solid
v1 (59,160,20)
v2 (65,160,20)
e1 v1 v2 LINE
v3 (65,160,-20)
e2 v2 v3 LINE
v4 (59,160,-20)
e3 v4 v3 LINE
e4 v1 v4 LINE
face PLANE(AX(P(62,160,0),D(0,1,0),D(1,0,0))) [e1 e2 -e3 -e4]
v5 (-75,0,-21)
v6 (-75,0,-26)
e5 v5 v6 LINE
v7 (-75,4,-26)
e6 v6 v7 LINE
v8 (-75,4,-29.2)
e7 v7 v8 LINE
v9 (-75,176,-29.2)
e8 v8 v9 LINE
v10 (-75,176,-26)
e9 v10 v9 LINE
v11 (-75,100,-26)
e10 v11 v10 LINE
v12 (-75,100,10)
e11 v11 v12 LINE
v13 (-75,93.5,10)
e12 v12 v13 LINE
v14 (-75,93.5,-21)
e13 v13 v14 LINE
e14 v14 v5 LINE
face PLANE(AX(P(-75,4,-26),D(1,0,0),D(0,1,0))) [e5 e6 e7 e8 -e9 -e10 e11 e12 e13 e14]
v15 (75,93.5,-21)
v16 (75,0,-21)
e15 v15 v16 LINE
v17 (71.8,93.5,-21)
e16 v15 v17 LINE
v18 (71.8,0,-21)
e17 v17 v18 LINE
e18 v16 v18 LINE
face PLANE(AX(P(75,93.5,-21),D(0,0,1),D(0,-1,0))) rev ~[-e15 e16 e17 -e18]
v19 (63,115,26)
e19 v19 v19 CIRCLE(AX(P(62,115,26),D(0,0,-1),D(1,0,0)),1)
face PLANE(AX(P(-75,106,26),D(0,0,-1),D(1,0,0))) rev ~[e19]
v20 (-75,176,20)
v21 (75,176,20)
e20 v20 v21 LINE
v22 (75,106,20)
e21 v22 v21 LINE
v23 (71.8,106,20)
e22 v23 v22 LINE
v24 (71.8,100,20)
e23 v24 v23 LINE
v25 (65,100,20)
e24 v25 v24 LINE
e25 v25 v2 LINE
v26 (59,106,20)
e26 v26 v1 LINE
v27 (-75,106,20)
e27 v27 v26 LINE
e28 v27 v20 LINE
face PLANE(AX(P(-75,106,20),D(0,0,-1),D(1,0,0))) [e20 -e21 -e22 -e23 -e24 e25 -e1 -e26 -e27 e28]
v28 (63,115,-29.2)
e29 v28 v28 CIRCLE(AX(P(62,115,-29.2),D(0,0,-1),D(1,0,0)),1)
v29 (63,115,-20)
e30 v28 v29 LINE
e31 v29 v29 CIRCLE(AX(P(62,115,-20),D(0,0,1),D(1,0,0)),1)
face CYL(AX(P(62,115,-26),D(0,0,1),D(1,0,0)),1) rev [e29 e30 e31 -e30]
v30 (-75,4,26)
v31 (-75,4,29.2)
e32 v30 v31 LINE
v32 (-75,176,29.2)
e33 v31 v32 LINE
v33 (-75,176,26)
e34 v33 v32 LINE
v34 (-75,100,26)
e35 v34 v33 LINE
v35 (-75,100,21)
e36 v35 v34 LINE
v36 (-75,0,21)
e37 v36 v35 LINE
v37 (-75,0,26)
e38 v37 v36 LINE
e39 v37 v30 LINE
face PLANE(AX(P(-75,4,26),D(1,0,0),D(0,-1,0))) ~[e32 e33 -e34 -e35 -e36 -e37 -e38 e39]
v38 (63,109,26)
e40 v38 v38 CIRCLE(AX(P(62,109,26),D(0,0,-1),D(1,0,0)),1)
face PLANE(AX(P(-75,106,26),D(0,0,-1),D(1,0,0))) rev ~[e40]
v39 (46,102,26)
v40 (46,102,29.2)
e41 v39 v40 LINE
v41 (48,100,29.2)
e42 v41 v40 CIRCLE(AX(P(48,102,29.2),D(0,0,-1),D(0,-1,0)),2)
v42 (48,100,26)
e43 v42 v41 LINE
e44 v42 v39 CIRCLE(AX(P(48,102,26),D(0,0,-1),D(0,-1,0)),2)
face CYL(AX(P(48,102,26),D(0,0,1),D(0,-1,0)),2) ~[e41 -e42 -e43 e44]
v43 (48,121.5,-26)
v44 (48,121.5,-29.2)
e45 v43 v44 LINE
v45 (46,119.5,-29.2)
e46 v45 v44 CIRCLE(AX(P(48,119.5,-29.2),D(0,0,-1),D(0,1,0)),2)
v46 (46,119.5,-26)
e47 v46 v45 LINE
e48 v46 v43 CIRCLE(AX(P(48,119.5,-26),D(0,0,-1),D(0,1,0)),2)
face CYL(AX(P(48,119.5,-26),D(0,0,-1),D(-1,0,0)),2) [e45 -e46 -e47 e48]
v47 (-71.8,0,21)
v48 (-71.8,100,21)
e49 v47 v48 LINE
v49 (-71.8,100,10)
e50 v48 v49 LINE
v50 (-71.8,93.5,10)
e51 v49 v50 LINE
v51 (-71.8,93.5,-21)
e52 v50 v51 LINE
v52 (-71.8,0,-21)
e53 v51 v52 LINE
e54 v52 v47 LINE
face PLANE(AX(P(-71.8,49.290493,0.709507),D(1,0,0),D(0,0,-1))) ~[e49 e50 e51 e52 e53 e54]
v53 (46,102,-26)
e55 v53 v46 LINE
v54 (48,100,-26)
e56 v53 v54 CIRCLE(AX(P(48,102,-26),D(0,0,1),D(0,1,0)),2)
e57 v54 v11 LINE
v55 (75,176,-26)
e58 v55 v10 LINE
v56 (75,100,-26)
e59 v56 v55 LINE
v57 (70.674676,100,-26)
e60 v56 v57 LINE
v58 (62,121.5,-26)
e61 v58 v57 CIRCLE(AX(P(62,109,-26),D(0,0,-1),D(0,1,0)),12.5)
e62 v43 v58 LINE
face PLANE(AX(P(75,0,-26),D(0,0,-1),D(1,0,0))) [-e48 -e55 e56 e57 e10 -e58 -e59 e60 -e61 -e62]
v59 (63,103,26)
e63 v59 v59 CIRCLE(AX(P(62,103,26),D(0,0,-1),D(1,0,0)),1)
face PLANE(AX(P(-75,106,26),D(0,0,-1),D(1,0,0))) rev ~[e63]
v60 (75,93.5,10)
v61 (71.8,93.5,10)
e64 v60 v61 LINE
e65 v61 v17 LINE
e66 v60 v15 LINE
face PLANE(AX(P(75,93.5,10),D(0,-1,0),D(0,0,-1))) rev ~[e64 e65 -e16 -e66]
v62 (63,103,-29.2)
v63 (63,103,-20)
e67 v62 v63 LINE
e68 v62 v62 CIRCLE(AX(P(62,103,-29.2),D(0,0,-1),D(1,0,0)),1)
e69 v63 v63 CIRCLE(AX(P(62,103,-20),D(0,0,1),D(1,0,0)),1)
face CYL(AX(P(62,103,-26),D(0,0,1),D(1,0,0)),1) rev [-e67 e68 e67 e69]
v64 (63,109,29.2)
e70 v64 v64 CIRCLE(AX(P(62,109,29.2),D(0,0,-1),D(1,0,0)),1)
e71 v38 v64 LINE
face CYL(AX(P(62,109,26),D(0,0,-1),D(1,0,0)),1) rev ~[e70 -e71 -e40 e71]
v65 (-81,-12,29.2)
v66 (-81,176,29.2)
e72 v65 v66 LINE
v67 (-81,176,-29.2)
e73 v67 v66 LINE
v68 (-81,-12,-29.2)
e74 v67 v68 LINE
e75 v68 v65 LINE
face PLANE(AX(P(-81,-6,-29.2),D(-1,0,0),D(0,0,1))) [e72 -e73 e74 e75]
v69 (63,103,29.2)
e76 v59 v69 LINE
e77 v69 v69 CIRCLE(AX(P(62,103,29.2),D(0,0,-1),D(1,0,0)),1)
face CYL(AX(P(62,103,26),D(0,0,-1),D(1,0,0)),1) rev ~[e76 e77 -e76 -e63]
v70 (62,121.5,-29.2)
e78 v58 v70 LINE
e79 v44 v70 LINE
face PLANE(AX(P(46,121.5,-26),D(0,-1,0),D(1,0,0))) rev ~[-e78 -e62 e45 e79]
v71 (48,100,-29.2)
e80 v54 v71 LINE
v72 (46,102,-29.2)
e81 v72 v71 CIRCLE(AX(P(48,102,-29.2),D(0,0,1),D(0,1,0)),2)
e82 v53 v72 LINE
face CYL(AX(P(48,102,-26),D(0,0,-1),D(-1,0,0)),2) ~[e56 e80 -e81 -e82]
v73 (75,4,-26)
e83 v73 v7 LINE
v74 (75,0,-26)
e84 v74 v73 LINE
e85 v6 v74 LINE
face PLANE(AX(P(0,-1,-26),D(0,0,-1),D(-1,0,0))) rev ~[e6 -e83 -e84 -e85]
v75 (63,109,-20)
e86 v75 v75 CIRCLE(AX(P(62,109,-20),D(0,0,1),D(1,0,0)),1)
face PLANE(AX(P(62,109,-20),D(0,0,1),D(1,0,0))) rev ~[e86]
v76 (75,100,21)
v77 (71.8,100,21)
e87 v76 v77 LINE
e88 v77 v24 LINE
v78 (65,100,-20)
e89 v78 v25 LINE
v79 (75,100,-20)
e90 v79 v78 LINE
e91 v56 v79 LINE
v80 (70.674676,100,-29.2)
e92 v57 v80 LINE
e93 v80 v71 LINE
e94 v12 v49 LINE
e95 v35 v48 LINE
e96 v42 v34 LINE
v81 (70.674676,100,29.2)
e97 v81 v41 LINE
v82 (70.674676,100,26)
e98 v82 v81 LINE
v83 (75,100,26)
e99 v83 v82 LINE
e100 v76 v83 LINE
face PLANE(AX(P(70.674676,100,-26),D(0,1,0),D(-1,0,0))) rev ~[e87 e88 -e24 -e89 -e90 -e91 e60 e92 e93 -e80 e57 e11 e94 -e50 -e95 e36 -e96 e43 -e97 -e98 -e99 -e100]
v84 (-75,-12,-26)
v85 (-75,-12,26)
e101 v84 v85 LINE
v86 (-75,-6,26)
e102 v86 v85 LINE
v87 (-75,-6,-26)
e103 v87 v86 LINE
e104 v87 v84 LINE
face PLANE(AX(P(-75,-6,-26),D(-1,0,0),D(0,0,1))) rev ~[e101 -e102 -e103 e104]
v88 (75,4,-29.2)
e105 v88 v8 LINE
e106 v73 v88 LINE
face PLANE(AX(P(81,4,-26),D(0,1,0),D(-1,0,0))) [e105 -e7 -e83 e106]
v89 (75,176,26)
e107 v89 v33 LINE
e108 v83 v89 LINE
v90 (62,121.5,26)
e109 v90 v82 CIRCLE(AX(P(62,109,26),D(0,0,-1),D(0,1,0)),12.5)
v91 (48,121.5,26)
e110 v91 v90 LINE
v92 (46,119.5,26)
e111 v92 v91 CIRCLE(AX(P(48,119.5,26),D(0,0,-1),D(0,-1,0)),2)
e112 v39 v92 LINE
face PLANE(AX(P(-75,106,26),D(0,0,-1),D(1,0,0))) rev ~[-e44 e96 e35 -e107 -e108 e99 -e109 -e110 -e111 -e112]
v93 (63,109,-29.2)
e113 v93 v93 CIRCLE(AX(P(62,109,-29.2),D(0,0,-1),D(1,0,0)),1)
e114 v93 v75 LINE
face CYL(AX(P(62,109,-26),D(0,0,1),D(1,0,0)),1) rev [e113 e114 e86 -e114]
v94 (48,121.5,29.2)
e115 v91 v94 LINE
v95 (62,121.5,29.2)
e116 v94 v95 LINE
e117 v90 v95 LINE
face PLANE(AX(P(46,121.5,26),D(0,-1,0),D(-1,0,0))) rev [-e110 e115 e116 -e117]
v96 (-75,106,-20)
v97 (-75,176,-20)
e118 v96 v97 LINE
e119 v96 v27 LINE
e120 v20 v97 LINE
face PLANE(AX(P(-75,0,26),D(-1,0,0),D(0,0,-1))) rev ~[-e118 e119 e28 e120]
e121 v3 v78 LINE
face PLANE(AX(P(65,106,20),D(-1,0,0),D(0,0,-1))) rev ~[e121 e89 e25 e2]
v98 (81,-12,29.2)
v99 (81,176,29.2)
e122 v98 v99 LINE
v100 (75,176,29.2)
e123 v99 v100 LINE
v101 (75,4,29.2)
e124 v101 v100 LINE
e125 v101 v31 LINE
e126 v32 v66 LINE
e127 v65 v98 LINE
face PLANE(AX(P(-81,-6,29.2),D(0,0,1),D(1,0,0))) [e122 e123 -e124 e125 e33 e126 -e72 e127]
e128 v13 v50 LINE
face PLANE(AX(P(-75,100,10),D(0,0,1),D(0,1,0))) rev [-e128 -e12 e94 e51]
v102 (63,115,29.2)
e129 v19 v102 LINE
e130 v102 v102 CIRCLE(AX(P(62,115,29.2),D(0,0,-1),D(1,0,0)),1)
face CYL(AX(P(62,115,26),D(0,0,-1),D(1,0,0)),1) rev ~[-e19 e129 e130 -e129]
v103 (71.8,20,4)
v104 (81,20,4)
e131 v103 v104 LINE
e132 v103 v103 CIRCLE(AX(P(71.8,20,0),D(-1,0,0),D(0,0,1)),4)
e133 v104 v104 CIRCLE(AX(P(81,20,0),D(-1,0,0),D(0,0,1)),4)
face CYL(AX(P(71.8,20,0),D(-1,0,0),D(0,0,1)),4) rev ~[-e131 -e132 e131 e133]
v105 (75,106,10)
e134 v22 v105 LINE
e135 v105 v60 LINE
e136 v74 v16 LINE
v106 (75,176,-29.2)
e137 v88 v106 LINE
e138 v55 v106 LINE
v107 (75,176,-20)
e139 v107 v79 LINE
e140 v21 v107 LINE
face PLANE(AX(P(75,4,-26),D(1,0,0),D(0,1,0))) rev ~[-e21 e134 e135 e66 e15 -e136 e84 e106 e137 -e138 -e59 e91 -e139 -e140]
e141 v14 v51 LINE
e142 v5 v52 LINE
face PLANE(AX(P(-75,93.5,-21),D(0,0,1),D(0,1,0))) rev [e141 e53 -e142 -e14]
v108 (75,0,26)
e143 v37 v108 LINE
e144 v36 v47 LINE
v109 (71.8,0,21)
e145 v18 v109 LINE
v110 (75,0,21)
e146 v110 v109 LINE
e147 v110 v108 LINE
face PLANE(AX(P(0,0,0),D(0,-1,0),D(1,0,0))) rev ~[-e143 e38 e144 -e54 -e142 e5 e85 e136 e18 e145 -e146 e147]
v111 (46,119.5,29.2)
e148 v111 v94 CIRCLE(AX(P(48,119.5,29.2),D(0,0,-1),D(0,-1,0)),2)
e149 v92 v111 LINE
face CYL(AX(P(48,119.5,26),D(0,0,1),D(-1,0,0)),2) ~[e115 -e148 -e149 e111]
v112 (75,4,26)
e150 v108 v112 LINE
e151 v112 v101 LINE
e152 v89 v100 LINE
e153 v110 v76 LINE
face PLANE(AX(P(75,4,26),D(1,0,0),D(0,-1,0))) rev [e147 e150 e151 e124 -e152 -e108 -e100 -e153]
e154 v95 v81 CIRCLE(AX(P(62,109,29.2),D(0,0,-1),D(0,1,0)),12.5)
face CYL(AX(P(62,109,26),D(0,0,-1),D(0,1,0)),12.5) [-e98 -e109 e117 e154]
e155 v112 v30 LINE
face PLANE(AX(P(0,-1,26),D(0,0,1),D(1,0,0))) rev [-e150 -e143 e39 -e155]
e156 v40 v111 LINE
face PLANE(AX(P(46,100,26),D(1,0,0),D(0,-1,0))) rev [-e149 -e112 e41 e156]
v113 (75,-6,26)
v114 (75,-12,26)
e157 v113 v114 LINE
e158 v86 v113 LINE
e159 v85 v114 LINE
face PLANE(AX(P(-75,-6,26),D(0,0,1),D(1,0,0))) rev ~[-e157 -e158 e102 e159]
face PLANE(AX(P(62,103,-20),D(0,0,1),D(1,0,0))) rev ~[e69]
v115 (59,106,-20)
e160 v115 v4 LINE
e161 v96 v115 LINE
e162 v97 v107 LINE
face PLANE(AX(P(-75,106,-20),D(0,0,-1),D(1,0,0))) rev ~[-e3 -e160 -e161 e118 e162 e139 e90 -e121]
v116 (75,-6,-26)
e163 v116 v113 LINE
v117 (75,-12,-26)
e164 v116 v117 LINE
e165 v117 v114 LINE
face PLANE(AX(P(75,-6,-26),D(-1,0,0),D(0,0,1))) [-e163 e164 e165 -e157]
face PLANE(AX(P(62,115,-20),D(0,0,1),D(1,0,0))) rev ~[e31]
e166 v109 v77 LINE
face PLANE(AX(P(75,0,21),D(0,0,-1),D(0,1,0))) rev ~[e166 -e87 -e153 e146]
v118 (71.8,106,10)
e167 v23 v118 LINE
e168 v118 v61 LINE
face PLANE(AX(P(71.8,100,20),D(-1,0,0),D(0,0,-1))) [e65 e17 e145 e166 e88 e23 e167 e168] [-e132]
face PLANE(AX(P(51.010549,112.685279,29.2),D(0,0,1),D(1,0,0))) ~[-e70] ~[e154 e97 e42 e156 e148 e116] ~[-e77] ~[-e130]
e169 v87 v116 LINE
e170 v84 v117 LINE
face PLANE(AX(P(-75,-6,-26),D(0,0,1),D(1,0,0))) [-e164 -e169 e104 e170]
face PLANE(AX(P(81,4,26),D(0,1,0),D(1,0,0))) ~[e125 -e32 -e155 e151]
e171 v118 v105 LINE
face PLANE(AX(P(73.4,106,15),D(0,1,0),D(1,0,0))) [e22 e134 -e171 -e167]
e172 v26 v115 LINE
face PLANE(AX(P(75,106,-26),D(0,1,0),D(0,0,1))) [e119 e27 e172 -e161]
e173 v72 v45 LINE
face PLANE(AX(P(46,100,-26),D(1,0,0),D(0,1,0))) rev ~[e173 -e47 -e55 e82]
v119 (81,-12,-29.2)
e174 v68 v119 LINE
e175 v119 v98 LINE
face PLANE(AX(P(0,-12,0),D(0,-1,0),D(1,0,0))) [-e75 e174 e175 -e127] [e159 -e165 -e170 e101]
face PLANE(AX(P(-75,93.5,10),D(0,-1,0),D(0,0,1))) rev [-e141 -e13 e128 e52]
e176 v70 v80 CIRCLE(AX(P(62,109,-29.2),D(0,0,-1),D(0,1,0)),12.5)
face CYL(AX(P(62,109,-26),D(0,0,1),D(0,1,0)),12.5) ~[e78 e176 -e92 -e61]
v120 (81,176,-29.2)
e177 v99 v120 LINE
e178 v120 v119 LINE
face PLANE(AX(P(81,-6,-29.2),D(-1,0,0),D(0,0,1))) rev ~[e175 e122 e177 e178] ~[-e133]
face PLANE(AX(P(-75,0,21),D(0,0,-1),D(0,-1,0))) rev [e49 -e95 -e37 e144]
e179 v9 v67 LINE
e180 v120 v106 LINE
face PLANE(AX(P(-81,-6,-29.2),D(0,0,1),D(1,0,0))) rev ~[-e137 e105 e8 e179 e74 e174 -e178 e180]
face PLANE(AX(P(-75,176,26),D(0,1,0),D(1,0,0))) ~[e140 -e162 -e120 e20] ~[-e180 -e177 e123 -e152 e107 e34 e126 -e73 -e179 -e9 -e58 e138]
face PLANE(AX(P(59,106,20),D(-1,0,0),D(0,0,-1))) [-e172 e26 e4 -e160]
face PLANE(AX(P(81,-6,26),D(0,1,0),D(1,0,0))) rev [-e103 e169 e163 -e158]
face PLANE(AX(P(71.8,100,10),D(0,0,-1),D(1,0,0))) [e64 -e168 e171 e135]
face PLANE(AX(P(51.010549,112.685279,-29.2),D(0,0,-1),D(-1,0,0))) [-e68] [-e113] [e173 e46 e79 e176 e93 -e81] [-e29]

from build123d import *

# Parameters (mm, degrees)
SKETCH1_W            = 150
SKETCH1_H            = 42
BOSS_EXTRUDE1_DEPTH  = 3.2
SKETCH2_W            = 162
SKETCH2_H            = 52
BOSS_EXTRUDE2_DEPTH  = 6
SKETCH3_W            = 6
SKETCH3_H            = 52
BOSS_EXTRUDE3_DEPTH  = 176
BOSS_EXTRUDE4_REACH  = 238.618
SKETCH5_W            = 52
SKETCH5_H            = 6
BOSS_EXTRUDE5_START  = 100
SKETCH1_2_W          = 150
SKETCH1_2_H          = 42
BOSS_EXTRUDE5_DEPTH  = 3.2
SKETCH6_W            = 150
SKETCH6_H            = 6
BOSS_EXTRUDE6_DEPTH  = 70
CUT_EXTRUDE1_REACH   = 142.645
SKETCH7_W            = 10
SKETCH7_H            = 40
SKETCH7_R            = 3
SKETCH7_3_W          = 6
SKETCH7_3_H          = 40
BOSS_EXTRUDE7_DEPTH  = 54
SKETCH8_W            = 162
SKETCH8_H            = 10
BOSS_EXTRUDE8_DEPTH  = 3.2
SKETCH9_W            = 150
SKETCH9_H            = 42
CUT_EXTRUDE2_DEPTH   = 3.2
CUT_EXTRUDE3_DEPTH   = 3.2
BOSS_EXTRUDE9_DEPTH  = 3.2
SKETCH12_W           = 3.2
SKETCH12_H           = 10
BOSS_EXTRUDE10_DEPTH = 6
CUT_EXTRUDE4_REACH   = 236.897
SKETCH13_R           = 4
CUT_EXTRUDE5_REACH   = 201.894
SKETCH14_R           = 1
SKETCH16_W           = 6
SKETCH16_H           = 172
BOSS_EXTRUDE11_DEPTH = 3.2
SKETCH17_W           = 162
SKETCH17_H           = 58.4
SKETCH17_W_2         = 150
SKETCH17_H_2         = 52
BOSS_EXTRUDE12_DEPTH = 6
SKETCH15_R           = 1
BOSS_EXTRUDE14_DEPTH = 3.2
FILLET1_R            = 2
FILLET1_OF_MIRROR4_R = 2


with BuildPart() as part:
    # Sketch1 → Boss-Extrude1 (new body)
    with BuildSketch(Plane(origin=(0, 0, 0), x_dir=(1, 0, 0), z_dir=(0, 1, 0))):
        Rectangle(SKETCH1_W, SKETCH1_H)
    extrude(amount=BOSS_EXTRUDE1_DEPTH)

    # Sketch2 → Boss-Extrude2 (add)
    with BuildSketch(Plane.XZ):
        Rectangle(SKETCH2_W, SKETCH2_H)
    extrude(amount=BOSS_EXTRUDE2_DEPTH)

    # Sketch3 → Boss-Extrude3 (add)
    with BuildSketch(Plane(origin=(0, 0, 0), x_dir=(1, 0, 0), z_dir=(0, 1, 0))):
        with Locations((78, 0)):
            Rectangle(SKETCH3_W, SKETCH3_H)
        with Locations((-78, 0)):
            Rectangle(SKETCH3_W, SKETCH3_H)
    extrude(amount=BOSS_EXTRUDE3_DEPTH)

    # Sketch5 → Boss-Extrude4 (add, up to next)
    with BuildSketch(Plane.ZY.offset(-75), mode=Mode.PRIVATE) as boss_extrude4_sk1:
        with Locations((0, 103)):
            Rectangle(SKETCH5_W, SKETCH5_H)
    boss_extrude4_tool1 = extrude(boss_extrude4_sk1.sketch, amount=BOSS_EXTRUDE4_REACH, mode=Mode.PRIVATE) - part.part
    add(boss_extrude4_tool1.solids().sort_by_distance((75, 103, 0))[0])

    # Sketch1<2> → Boss-Extrude5 (add)
    with BuildSketch(Plane(origin=(0, 0, 0), x_dir=(1, 0, 0), z_dir=(0, 1, 0)).offset(BOSS_EXTRUDE5_START)):
        Rectangle(SKETCH1_2_W, SKETCH1_2_H)
    extrude(amount=-BOSS_EXTRUDE5_DEPTH)

    # Sketch6 → Boss-Extrude6 (add)
    with BuildSketch(Plane(origin=(0, 106, 0), x_dir=(1, 0, 0), z_dir=(0, 1, 0))):
        with Locations((0, -23)):
            Rectangle(SKETCH6_W, SKETCH6_H)
        with Locations((0, 23)):
            Rectangle(SKETCH6_W, SKETCH6_H)
    extrude(amount=BOSS_EXTRUDE6_DEPTH)

    # Sketch7 → Cut-Extrude1 (cut, up to next)
    with BuildSketch(Plane(origin=(0, 106, 0), x_dir=(1, 0, 0), z_dir=(0, 1, 0)), mode=Mode.PRIVATE) as cut_extrude1_sk1:
        with Locations((70, 0)):
            Rectangle(SKETCH7_W, SKETCH7_H)
        with Locations((70, -15)):
            Circle(SKETCH7_R, mode=Mode.SUBTRACT)
        with Locations((70, 15)):
            Circle(SKETCH7_R, mode=Mode.SUBTRACT)
    cut_extrude1_tool1 = extrude(cut_extrude1_sk1.sketch, amount=-CUT_EXTRUDE1_REACH, mode=Mode.PRIVATE) & part.part
    # Sketch7 → Cut-Extrude1 (cut, up to next)
    with BuildSketch(Plane(origin=(0, 106, 0), x_dir=(1, 0, 0), z_dir=(0, 1, 0)), mode=Mode.PRIVATE) as cut_extrude1_sk2:
        with Locations((70, -15)):
            Circle(SKETCH7_R)
    cut_extrude1_tool2 = extrude(cut_extrude1_sk2.sketch, amount=-CUT_EXTRUDE1_REACH, mode=Mode.PRIVATE) & part.part
    # Sketch7 → Cut-Extrude1 (cut, up to next)
    with BuildSketch(Plane(origin=(0, 106, 0), x_dir=(1, 0, 0), z_dir=(0, 1, 0)), mode=Mode.PRIVATE) as cut_extrude1_sk3:
        with Locations((70, 15)):
            Circle(SKETCH7_R)
    cut_extrude1_tool3 = extrude(cut_extrude1_sk3.sketch, amount=-CUT_EXTRUDE1_REACH, mode=Mode.PRIVATE) & part.part
    add(cut_extrude1_tool1.solids().sort_by_distance((70, 106, 0))[0], mode=Mode.SUBTRACT)
    add(cut_extrude1_tool2.solids().sort_by_distance((70, 106, 15))[0], mode=Mode.SUBTRACT)
    add(cut_extrude1_tool3.solids().sort_by_distance((70, 106, -15))[0], mode=Mode.SUBTRACT)

    # Sketch7<3> → Boss-Extrude7 (add)
    with BuildSketch(Plane(origin=(0, 106, 0), x_dir=(1, 0, 0), z_dir=(0, 1, 0))):
        with Locations((62, 0)):
            Rectangle(SKETCH7_3_W, SKETCH7_3_H)
    extrude(amount=BOSS_EXTRUDE7_DEPTH)

    # Sketch8 → Boss-Extrude8 (add)
    with BuildSketch(Plane(origin=(0, 0, -26), x_dir=(-1, 0, 0), z_dir=(0, 0, -1))):
        with Locations((0, -1)):
            Rectangle(SKETCH8_W, SKETCH8_H)
    boss_extrude8 = extrude(amount=BOSS_EXTRUDE8_DEPTH)

    # Mirror1: Boss-Extrude8 across plane
    add(boss_extrude8.mirror(Plane.XY))

    # Sketch9 → Cut-Extrude2 (cut)
    with BuildSketch(Plane(origin=(0, 3.2, 0), x_dir=(1, 0, 0), z_dir=(0, 1, 0))):
        Rectangle(SKETCH9_W, SKETCH9_H)
    extrude(amount=-CUT_EXTRUDE2_DEPTH, mode=Mode.SUBTRACT)

    # Sketch10 → Cut-Extrude3 (cut)
    with BuildSketch(Plane.XZ.offset(-96.8)):
        Polygon((-75, -21), (75, -21), (75, -20), (65, -20), (65, 20), (75, 20), (75, 21), (-75, 21), align=None)
    extrude(amount=-CUT_EXTRUDE3_DEPTH, mode=Mode.SUBTRACT)

    # Sketch11 → Boss-Extrude9 (add)
    with BuildSketch(Plane.ZY.offset(-75)):
        Polygon((10, 93.5), (-21, 93.5), (-21, 0), (21, 0), (21, 100), (10, 100), align=None)
    boss_extrude9 = extrude(amount=BOSS_EXTRUDE9_DEPTH)

    # Mirror2: Boss-Extrude9 across plane
    add(boss_extrude9.mirror(Plane(origin=(0, 0, 0), x_dir=(0, 0, 1), z_dir=(1, 0, 0))))

    # Sketch12 → Boss-Extrude10 (add)
    with BuildSketch(Plane(origin=(0, 100, 0), x_dir=(1, 0, 0), z_dir=(0, 1, 0))):
        with Locations((73.4, -15)):
            Rectangle(SKETCH12_W, SKETCH12_H)
    extrude(amount=BOSS_EXTRUDE10_DEPTH)

    # Sketch13 → Cut-Extrude4 (cut, up to next)
    with BuildSketch(Plane.ZY.offset(-71.8), mode=Mode.PRIVATE) as cut_extrude4_sk1:
        with Locations((0, 20)):
            Circle(SKETCH13_R)
    cut_extrude4_tool1 = extrude(cut_extrude4_sk1.sketch, amount=-CUT_EXTRUDE4_REACH, mode=Mode.PRIVATE) & part.part
    add(cut_extrude4_tool1.solids().sort_by_distance((71.8, 20, 0))[0], mode=Mode.SUBTRACT)

    # Sketch14 → Cut-Extrude5 (cut, up to next)
    with BuildSketch(Plane.XY.offset(-20), mode=Mode.PRIVATE) as cut_extrude5_sk1:
        with Locations((62, 103)):
            Circle(SKETCH14_R)
    cut_extrude5_tool1 = extrude(cut_extrude5_sk1.sketch, amount=-CUT_EXTRUDE5_REACH, mode=Mode.PRIVATE) & part.part
    # Sketch14 → Cut-Extrude5 (cut, up to next)
    with BuildSketch(Plane.XY.offset(-20), mode=Mode.PRIVATE) as cut_extrude5_sk2:
        with Locations((62, 109)):
            Circle(SKETCH14_R)
    cut_extrude5_tool2 = extrude(cut_extrude5_sk2.sketch, amount=-CUT_EXTRUDE5_REACH, mode=Mode.PRIVATE) & part.part
    # Sketch14 → Cut-Extrude5 (cut, up to next)
    with BuildSketch(Plane.XY.offset(-20), mode=Mode.PRIVATE) as cut_extrude5_sk3:
        with Locations((62, 115)):
            Circle(SKETCH14_R)
    cut_extrude5_tool3 = extrude(cut_extrude5_sk3.sketch, amount=-CUT_EXTRUDE5_REACH, mode=Mode.PRIVATE) & part.part
    add(cut_extrude5_tool1.solids().sort_by_distance((62, 103, -20))[0], mode=Mode.SUBTRACT)
    add(cut_extrude5_tool2.solids().sort_by_distance((62, 109, -20))[0], mode=Mode.SUBTRACT)
    add(cut_extrude5_tool3.solids().sort_by_distance((62, 115, -20))[0], mode=Mode.SUBTRACT)

    # Sketch16 → Boss-Extrude11 (add)
    with BuildSketch(Plane(origin=(0, 0, -26), x_dir=(-1, 0, 0), z_dir=(0, 0, -1))):
        with Locations((78, 90)):
            Rectangle(SKETCH16_W, SKETCH16_H)
        with Locations((-78, 90)):
            Rectangle(SKETCH16_W, SKETCH16_H)
    boss_extrude11 = extrude(amount=BOSS_EXTRUDE11_DEPTH)

    # Mirror3: Boss-Extrude11 across plane
    add(boss_extrude11.mirror(Plane.XY))

    # Sketch17 → Boss-Extrude12 (add)
    with BuildSketch(Plane.XZ.offset(6)):
        Rectangle(SKETCH17_W, SKETCH17_H)
        Rectangle(SKETCH17_W_2, SKETCH17_H_2, mode=Mode.SUBTRACT)
    extrude(amount=BOSS_EXTRUDE12_DEPTH)

    # Sketch15 → Boss-Extrude14 (add)
    with BuildSketch(Plane(origin=(0, 0, -26), x_dir=(-1, 0, 0), z_dir=(0, 0, -1))):
        with BuildLine():
            ThreePointArc((-62, 121.5), (-50.407976881, 113.677071733), (-53.325324214, 100))
            Line((-53.325324214, 100), (-46, 100))
            Line((-46, 100), (-46, 121.5))
            Line((-46, 121.5), (-62, 121.5))
        make_face()
        with BuildLine():
            ThreePointArc((-62, 121.5), (-73.592023119, 113.677071733), (-70.674675786, 100))
            Line((-70.674675786, 100), (-53.325324214, 100))
            ThreePointArc((-53.325324214, 100), (-50.407976881, 113.677071733), (-62, 121.5))
        make_face()
        with Locations(Location((-62, 103, 0), (0, 0, 180))):
            Circle(SKETCH15_R, mode=Mode.SUBTRACT)
        with Locations(Location((-62, 109, 0), (0, 0, 180))):
            Circle(SKETCH15_R, mode=Mode.SUBTRACT)
        with Locations(Location((-62, 115, 0), (0, 0, 180))):
            Circle(SKETCH15_R, mode=Mode.SUBTRACT)
    boss_extrude14 = extrude(amount=BOSS_EXTRUDE14_DEPTH)

    # Fillet1
    fillet1_edges = [part.edges().sort_by_distance(p)[0] for p in [
        (46, 121.5, -27.6),
        (46, 100, -27.6),
    ]]
    fillet(fillet1_edges, radius=FILLET1_R)

    # Mirror4: Boss-Extrude14 across plane
    add(boss_extrude14.mirror(Plane.XY))

    # Fillet1 of Mirror4
    fillet1_of_mirror4_edges = [part.edges().sort_by_distance(p)[0] for p in [
        (46, 121.5, 27.6),
        (46, 100, 27.6),
    ]]
    fillet(fillet1_of_mirror4_edges, radius=FILLET1_OF_MIRROR4_R)


solid = part.part
